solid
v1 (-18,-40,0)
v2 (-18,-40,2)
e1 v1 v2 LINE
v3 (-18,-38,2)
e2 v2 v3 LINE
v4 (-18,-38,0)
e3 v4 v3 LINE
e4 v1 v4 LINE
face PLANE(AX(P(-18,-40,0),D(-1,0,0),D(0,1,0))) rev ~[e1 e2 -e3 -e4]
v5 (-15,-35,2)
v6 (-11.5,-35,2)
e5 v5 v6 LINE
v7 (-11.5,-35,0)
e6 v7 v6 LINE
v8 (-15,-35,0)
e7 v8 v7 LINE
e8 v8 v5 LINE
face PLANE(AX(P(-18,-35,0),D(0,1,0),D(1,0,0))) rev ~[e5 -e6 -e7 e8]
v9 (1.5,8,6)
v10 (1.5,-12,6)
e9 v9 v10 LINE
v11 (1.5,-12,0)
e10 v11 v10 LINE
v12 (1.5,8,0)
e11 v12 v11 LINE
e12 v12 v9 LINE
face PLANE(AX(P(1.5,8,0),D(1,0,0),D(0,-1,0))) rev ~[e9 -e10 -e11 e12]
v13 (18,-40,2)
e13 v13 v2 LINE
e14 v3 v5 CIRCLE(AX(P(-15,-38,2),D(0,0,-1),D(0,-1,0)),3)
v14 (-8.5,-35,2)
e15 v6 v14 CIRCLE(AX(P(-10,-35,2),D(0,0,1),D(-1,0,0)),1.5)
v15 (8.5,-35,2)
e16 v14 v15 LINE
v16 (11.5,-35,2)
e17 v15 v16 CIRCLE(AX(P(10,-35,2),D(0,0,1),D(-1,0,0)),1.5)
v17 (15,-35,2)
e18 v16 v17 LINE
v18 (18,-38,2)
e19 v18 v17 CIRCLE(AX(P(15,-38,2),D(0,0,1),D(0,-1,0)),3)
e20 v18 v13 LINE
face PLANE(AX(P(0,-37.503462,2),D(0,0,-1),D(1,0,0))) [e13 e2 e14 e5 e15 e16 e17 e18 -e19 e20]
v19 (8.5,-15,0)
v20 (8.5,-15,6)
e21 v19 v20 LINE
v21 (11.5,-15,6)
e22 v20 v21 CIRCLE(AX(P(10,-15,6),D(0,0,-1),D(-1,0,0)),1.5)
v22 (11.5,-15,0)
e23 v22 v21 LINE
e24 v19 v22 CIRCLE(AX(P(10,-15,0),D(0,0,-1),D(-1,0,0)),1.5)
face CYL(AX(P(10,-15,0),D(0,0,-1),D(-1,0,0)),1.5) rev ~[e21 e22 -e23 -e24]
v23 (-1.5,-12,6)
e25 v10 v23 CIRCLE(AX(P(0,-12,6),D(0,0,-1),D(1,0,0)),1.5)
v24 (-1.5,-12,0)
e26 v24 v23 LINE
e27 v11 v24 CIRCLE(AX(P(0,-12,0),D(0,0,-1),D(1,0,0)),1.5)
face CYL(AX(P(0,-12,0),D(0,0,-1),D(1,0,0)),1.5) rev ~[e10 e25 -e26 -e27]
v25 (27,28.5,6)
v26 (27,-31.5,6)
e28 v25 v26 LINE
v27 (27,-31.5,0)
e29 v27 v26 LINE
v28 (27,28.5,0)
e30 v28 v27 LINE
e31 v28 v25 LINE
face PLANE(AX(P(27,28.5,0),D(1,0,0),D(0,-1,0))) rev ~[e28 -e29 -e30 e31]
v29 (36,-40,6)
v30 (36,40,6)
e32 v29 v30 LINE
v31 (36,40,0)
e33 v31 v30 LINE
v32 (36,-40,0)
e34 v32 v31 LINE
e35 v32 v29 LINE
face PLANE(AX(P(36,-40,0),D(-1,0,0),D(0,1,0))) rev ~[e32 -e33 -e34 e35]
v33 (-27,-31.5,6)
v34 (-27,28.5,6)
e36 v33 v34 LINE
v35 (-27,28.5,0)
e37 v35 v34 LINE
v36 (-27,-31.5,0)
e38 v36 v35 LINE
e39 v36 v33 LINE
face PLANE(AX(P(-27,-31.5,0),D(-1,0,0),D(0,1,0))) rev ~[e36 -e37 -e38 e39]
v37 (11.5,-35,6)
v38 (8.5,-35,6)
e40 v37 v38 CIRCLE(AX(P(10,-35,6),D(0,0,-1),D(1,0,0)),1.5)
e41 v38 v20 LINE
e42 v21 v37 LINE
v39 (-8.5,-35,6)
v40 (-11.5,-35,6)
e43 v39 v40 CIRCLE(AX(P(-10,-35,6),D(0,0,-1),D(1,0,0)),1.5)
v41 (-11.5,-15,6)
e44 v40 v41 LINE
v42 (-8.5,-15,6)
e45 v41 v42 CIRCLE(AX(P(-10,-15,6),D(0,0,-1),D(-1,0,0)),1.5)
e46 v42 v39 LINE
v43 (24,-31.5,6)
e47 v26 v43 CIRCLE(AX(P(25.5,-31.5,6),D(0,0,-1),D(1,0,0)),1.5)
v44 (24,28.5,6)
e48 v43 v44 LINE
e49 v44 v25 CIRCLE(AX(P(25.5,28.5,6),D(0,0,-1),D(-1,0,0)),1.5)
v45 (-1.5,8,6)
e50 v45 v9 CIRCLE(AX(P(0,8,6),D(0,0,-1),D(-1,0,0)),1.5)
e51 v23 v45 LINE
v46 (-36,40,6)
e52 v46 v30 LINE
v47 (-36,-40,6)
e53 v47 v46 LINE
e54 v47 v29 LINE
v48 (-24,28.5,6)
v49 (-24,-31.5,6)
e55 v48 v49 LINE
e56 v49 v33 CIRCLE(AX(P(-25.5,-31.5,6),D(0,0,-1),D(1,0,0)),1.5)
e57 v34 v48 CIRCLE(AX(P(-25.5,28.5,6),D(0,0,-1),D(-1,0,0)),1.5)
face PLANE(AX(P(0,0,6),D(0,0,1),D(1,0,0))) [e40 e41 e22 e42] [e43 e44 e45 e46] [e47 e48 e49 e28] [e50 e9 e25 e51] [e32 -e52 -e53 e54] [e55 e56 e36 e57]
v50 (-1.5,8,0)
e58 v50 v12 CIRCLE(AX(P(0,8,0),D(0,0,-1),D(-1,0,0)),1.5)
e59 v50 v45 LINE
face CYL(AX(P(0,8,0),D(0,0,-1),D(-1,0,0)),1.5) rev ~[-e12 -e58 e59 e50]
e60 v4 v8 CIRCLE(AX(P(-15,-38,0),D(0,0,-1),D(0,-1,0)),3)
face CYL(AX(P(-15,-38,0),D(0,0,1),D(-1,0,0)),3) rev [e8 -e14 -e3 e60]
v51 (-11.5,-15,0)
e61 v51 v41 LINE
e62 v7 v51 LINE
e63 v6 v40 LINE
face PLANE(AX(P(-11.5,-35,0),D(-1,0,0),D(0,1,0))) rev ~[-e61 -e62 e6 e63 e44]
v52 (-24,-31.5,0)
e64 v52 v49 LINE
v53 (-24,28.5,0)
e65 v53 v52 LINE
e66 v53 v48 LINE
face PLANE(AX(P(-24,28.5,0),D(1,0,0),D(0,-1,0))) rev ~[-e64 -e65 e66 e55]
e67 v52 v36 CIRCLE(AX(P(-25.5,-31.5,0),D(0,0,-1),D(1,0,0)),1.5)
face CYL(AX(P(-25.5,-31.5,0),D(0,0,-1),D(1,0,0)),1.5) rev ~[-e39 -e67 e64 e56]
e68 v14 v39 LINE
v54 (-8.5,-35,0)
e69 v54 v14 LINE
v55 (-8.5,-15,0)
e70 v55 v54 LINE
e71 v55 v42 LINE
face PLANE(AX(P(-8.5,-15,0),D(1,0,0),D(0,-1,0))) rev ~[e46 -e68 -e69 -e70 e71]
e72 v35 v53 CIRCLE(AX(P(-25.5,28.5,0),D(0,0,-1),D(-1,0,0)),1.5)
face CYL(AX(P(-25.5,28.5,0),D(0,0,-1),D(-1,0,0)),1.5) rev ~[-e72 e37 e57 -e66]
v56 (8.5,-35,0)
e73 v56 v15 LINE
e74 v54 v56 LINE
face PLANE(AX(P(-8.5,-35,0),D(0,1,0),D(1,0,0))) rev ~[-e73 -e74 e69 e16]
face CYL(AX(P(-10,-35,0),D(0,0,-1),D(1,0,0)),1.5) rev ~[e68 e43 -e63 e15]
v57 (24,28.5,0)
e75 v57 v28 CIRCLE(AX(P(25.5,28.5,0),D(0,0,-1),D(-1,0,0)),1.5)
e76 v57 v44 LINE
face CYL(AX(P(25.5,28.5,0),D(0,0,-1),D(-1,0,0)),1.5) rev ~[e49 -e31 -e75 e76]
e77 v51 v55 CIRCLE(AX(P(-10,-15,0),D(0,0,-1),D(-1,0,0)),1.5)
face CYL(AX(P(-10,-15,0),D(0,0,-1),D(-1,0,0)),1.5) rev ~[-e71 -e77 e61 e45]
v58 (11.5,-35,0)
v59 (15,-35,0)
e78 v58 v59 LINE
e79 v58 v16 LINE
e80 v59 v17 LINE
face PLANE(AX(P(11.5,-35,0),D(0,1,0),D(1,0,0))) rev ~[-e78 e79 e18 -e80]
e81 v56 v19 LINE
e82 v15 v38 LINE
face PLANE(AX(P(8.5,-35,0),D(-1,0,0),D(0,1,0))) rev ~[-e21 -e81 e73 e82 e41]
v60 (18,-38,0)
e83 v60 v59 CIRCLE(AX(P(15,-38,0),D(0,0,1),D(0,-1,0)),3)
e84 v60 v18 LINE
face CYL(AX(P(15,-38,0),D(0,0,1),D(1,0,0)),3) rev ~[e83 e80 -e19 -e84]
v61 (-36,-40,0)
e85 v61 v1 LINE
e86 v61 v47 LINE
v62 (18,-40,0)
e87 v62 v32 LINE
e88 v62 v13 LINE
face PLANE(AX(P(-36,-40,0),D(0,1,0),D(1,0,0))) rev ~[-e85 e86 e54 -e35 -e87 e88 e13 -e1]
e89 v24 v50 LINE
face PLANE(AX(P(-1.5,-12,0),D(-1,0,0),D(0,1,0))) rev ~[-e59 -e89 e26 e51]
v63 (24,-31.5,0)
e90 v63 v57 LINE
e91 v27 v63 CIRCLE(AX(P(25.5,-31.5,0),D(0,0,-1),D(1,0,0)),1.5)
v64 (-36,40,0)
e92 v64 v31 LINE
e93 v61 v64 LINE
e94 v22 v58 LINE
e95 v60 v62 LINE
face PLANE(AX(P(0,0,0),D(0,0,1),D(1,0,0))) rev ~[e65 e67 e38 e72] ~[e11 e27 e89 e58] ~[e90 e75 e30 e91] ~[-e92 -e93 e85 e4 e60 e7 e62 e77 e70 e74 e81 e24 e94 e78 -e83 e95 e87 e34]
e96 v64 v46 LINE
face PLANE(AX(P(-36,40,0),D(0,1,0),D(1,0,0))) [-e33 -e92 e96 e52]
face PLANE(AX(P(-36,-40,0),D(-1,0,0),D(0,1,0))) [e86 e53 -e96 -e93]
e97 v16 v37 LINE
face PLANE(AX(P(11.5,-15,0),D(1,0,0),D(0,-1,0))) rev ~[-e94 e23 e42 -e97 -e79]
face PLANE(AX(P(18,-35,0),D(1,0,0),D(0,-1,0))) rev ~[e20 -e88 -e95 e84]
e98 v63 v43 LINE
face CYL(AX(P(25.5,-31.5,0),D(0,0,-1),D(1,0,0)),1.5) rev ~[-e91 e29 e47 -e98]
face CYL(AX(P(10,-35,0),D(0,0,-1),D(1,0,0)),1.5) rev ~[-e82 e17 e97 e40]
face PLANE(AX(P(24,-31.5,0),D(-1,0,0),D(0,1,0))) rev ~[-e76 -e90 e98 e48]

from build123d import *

# Parameters (mm, degrees)
F0_W     = 72
F0_H     = 80
F1_DEPTH = 6
F2_DEPTH = 6
F4_DEPTH = 2
F5_R     = 3


with BuildPart() as f1:
    # F0 (on Top) → F1 (new body)
    with BuildSketch(Plane.XY):
        Rectangle(F0_W, F0_H)
        with BuildLine():
            ThreePointArc((-8.5, -35), (-10, -36.5), (-11.5, -35))
            Line((-11.5, -35), (-11.5, -15))
            ThreePointArc((-11.5, -15), (-10, -13.5), (-8.5, -15))
            Line((-8.5, -15), (-8.5, -35))
        make_face(mode=Mode.SUBTRACT)
        with BuildLine():
            Line((-24, 28.5), (-24, -31.5))
            ThreePointArc((-24, -31.5), (-25.5, -33), (-27, -31.5))
            Line((-27, -31.5), (-27, 28.5))
            ThreePointArc((-27, 28.5), (-25.5, 30), (-24, 28.5))
        make_face(mode=Mode.SUBTRACT)
        with BuildLine():
            ThreePointArc((11.5, -35), (10, -36.5), (8.5, -35))
            Line((8.5, -35), (8.5, -15))
            ThreePointArc((8.5, -15), (10, -13.5), (11.5, -15))
            Line((11.5, -15), (11.5, -35))
        make_face(mode=Mode.SUBTRACT)
        with BuildLine():
            Line((-1.5, -12), (-1.5, 8))
            ThreePointArc((-1.5, 8), (0, 9.5), (1.5, 8))
            Line((1.5, 8), (1.5, -12))
            ThreePointArc((1.5, -12), (0, -13.5), (-1.5, -12))
        make_face(mode=Mode.SUBTRACT)
        with BuildLine():
            ThreePointArc((24, 28.5), (25.5, 30), (27, 28.5))
            Line((27, 28.5), (27, -31.5))
            ThreePointArc((27, -31.5), (25.5, -33), (24, -31.5))
            Line((24, -31.5), (24, 28.5))
        make_face(mode=Mode.SUBTRACT)
    extrude(amount=F1_DEPTH)

    # F0 (on Top) → F2 (cut)
    with BuildSketch(Plane.XY):
        Rectangle(F0_W, F0_H)
        with BuildLine():
            ThreePointArc((-8.5, -35), (-10, -36.5), (-11.5, -35))
            Line((-11.5, -35), (-11.5, -15))
            ThreePointArc((-11.5, -15), (-10, -13.5), (-8.5, -15))
            Line((-8.5, -15), (-8.5, -35))
        make_face(mode=Mode.SUBTRACT)
        with BuildLine():
            Line((-24, 28.5), (-24, -31.5))
            ThreePointArc((-24, -31.5), (-25.5, -33), (-27, -31.5))
            Line((-27, -31.5), (-27, 28.5))
            ThreePointArc((-27, 28.5), (-25.5, 30), (-24, 28.5))
        make_face(mode=Mode.SUBTRACT)
        with BuildLine():
            ThreePointArc((11.5, -35), (10, -36.5), (8.5, -35))
            Line((8.5, -35), (8.5, -15))
            ThreePointArc((8.5, -15), (10, -13.5), (11.5, -15))
            Line((11.5, -15), (11.5, -35))
        make_face(mode=Mode.SUBTRACT)
        with BuildLine():
            Line((-1.5, -12), (-1.5, 8))
            ThreePointArc((-1.5, 8), (0, 9.5), (1.5, 8))
            Line((1.5, 8), (1.5, -12))
            ThreePointArc((1.5, -12), (0, -13.5), (-1.5, -12))
        make_face(mode=Mode.SUBTRACT)
        with BuildLine():
            ThreePointArc((24, 28.5), (25.5, 30), (27, 28.5))
            Line((27, 28.5), (27, -31.5))
            ThreePointArc((27, -31.5), (25.5, -33), (24, -31.5))
            Line((24, -31.5), (24, 28.5))
        make_face(mode=Mode.SUBTRACT)
    extrude(amount=-F2_DEPTH, mode=Mode.SUBTRACT)

    # F3 (on face) → F4 (cut)
    with BuildSketch(Plane(origin=(0, 0, 0), x_dir=(1, 0, 0), z_dir=(0, 0, -1))):
        with BuildLine():
            Line((18, 35), (18, 40))
            Line((18, 40), (-18, 40))
            Line((-18, 40), (-18, 35))
            Line((-18, 35), (-11.5, 35))
            ThreePointArc((-11.5, 35), (-10, 36.5), (-8.5, 35))
            Line((-8.5, 35), (8.5, 35))
            ThreePointArc((8.5, 35), (10, 36.5), (11.5, 35))
            Line((11.5, 35), (18, 35))
        make_face()
    extrude(amount=-F4_DEPTH, mode=Mode.SUBTRACT)

    # F5
    f5_edges = [f1.edges().sort_by_distance(p)[0] for p in [
        (-18, -35, 1),
        (18, -35, 1),
    ]]
    fillet(f5_edges, radius=F5_R)


solid = f1.part
